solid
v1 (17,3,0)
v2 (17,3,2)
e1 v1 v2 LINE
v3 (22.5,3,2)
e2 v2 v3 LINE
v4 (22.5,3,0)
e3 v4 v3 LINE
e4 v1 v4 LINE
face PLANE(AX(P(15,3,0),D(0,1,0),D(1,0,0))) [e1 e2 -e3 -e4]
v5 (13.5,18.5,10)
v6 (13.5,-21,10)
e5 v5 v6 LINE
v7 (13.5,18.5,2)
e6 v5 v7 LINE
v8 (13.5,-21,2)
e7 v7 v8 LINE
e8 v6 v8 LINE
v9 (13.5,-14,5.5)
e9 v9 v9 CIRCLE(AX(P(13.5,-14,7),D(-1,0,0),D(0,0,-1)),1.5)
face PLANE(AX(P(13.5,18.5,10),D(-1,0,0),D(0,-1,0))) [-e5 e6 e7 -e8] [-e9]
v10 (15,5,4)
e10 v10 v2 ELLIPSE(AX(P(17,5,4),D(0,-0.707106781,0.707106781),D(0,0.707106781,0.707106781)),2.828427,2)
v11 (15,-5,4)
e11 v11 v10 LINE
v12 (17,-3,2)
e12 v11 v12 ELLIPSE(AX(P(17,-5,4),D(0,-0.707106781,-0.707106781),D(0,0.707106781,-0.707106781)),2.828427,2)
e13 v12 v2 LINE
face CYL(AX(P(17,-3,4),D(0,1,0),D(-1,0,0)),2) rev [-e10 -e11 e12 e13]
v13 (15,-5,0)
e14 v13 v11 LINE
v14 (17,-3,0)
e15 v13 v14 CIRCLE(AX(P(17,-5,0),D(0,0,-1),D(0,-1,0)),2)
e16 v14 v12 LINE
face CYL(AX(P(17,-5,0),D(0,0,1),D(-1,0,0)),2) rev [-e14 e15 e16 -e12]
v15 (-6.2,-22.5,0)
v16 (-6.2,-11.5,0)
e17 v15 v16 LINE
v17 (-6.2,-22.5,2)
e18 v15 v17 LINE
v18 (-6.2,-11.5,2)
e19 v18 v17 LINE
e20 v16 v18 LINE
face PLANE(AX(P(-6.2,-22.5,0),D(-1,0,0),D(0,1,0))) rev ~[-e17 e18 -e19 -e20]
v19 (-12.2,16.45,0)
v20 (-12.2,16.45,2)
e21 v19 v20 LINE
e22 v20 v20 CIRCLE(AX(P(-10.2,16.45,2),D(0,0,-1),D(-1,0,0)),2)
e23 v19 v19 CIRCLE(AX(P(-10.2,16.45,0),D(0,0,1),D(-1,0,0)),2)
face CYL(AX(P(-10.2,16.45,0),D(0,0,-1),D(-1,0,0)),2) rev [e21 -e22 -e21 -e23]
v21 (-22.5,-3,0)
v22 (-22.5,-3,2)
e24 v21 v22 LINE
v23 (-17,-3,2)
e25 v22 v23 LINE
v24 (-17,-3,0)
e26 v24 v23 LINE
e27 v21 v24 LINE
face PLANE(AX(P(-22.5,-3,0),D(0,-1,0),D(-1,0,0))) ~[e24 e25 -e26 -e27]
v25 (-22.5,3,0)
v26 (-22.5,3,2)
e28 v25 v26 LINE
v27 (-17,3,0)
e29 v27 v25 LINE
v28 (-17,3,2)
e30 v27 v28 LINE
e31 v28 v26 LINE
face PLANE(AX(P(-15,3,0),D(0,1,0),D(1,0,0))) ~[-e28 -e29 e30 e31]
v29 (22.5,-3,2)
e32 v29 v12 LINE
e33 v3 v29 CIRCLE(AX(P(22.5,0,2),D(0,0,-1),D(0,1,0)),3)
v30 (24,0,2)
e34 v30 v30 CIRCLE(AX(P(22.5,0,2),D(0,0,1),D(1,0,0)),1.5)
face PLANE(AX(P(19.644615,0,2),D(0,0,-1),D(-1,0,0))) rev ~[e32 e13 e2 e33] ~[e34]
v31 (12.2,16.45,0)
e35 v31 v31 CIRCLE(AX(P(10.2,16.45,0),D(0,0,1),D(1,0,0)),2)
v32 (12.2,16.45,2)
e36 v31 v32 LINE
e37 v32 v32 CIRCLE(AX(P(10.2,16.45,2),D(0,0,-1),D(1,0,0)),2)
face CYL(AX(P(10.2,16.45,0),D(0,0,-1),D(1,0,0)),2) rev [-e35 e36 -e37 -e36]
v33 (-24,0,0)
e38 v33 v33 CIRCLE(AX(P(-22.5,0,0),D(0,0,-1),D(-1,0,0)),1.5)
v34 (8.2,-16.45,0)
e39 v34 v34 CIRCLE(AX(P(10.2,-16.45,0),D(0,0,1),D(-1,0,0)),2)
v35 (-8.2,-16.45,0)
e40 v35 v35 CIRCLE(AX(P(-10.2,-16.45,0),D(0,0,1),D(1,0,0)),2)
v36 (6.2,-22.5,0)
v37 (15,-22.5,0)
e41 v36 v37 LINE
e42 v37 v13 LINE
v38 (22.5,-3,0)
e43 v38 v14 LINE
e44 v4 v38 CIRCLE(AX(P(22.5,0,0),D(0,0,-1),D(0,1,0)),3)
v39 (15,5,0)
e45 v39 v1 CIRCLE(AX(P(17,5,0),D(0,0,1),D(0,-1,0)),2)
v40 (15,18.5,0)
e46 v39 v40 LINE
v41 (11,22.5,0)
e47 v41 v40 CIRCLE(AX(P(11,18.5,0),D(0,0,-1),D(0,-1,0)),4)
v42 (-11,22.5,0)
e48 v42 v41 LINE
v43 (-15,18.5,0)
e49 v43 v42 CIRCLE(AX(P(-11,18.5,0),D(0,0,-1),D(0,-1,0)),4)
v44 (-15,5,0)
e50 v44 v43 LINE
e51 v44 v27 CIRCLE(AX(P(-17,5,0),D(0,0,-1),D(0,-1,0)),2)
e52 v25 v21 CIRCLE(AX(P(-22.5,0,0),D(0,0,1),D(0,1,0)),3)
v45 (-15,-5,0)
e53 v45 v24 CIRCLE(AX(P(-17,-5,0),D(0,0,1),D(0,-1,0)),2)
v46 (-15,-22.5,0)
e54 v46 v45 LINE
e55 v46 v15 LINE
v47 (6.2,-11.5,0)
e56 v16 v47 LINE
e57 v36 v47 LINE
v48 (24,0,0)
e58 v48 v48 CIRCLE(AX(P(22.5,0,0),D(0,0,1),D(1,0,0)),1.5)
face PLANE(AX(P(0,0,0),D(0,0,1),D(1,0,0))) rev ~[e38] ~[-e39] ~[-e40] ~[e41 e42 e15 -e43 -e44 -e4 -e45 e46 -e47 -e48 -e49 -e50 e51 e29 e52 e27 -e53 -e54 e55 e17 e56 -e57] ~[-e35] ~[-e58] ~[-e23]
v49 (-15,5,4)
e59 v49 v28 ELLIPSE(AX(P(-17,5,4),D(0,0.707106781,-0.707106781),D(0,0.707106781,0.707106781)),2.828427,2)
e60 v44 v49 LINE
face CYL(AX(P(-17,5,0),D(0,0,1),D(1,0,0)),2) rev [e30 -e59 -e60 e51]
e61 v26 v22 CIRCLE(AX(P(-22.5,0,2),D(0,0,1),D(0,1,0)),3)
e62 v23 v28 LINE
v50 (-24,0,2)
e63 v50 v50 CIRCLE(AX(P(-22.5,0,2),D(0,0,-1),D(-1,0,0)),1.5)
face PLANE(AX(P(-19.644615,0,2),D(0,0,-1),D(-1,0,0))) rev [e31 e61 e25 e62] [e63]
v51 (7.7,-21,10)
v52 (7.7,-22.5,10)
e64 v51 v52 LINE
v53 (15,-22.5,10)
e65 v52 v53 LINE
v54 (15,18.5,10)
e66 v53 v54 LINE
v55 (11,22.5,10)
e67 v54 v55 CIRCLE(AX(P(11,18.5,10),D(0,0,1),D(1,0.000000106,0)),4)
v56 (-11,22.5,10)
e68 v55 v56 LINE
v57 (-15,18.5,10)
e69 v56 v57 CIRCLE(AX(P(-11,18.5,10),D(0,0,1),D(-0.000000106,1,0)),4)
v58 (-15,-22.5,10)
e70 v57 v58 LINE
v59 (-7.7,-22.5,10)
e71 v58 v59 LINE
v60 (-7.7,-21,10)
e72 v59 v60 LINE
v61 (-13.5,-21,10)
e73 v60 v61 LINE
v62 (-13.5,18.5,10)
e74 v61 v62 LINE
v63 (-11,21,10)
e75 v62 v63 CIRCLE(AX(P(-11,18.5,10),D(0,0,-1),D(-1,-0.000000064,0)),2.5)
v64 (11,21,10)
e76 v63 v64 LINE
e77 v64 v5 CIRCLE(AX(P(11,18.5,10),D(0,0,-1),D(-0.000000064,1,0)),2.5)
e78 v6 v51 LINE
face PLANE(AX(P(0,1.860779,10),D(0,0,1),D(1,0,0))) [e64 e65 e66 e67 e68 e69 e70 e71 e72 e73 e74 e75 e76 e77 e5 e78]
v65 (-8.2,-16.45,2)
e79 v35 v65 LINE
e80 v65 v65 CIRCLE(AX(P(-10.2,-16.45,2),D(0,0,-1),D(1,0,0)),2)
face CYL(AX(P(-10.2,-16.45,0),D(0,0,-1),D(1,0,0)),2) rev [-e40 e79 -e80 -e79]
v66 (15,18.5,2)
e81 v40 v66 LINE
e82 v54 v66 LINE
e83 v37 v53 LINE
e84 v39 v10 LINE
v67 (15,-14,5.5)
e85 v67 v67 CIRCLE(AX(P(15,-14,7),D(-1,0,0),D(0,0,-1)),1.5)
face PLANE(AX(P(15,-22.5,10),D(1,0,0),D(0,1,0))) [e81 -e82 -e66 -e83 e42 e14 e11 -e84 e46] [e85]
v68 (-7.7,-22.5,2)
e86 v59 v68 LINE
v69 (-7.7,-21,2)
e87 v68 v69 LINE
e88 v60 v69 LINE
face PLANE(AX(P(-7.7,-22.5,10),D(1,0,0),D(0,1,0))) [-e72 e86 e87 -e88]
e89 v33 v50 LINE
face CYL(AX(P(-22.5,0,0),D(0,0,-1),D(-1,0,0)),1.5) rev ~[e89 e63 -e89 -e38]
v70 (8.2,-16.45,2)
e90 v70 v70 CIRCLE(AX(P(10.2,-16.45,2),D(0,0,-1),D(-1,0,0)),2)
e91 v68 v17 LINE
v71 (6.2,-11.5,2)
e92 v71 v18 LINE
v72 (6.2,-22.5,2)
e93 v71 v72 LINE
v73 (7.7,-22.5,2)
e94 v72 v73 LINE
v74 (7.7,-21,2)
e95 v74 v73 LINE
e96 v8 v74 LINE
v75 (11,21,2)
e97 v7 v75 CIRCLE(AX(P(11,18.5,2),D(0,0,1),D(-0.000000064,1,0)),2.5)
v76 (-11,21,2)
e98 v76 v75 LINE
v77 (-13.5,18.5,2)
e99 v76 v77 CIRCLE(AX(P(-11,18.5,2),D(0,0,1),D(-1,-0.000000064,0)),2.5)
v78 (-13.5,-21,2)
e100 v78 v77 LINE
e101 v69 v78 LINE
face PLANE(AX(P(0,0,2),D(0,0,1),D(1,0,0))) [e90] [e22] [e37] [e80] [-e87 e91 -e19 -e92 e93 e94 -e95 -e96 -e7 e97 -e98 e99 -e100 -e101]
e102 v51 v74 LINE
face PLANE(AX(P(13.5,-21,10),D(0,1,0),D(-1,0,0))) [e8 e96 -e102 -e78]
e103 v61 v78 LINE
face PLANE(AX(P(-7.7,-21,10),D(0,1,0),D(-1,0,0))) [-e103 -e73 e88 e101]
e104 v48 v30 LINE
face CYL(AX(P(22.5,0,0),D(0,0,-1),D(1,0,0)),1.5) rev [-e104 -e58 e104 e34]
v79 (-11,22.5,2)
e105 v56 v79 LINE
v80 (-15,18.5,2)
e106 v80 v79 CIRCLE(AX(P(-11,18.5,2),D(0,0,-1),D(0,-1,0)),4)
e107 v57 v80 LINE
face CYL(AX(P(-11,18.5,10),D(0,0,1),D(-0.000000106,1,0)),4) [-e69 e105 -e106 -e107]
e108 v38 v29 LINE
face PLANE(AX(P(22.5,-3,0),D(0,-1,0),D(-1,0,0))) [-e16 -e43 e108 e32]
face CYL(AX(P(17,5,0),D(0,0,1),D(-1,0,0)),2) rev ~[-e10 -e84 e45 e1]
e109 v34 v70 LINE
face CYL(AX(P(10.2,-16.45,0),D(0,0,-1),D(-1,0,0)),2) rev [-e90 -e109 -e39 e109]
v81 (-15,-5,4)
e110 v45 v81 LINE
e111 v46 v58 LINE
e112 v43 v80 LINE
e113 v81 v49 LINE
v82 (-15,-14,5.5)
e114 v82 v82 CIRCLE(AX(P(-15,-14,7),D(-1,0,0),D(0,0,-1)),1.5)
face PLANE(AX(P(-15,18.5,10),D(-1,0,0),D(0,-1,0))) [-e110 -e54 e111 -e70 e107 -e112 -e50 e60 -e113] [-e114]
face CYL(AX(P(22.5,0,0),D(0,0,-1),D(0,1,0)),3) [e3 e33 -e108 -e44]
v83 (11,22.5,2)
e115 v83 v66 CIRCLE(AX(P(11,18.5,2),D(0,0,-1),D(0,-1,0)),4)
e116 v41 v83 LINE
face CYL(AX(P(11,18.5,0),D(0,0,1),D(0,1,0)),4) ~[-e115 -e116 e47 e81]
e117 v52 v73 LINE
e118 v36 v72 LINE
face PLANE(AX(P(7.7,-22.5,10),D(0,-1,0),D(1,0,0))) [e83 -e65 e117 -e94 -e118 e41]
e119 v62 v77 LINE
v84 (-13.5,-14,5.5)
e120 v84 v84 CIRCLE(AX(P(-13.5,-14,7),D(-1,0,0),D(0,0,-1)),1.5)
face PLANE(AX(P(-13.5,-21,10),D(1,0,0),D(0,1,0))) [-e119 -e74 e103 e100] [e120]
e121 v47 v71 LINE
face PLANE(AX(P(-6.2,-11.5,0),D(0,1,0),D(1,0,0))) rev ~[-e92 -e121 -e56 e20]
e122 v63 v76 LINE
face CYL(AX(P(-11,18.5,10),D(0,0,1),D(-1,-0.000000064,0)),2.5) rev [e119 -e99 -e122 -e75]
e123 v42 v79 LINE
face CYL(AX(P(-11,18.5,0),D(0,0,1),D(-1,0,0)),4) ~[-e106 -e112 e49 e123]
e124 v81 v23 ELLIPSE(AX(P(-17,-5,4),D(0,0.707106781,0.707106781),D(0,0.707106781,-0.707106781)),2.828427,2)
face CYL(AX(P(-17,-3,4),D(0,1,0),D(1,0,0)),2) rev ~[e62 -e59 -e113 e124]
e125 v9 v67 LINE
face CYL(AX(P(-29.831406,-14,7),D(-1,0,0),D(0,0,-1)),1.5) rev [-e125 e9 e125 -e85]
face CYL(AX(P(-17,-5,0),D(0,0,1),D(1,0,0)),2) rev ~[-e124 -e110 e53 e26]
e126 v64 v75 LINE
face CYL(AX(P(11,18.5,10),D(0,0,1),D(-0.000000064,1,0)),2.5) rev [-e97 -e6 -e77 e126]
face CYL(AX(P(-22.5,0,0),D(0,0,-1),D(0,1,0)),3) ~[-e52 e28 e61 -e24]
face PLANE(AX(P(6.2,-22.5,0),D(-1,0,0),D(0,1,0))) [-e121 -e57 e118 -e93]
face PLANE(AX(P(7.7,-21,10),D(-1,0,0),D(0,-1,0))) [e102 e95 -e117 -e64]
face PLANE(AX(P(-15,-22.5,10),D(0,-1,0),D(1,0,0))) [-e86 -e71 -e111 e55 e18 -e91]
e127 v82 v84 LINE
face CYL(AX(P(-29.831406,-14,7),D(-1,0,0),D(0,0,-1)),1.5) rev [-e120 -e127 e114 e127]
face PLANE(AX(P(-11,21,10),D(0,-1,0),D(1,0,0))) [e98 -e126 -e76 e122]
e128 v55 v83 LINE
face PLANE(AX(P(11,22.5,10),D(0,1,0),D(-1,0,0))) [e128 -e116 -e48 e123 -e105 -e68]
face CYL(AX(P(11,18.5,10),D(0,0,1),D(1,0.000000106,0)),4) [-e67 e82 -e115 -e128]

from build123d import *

# Parameters (mm, degrees)
ESQUISSE1_W                  = 30
ESQUISSE1_H                  = 45
BOSS_EXTRU_1_DEPTH           = 2
ESQUISSE3_R                  = 2
ESQUISSE3_W                  = 12.4
ESQUISSE3_H                  = 11
ENL_V_MAT_EXTRU_1_DEPTH      = 28.115494
CONG_1_R                     = 4
BOSS_EXTRU_2_START           = 10
BOSS_EXTRU_2_DEPTH           = 10
ENL_V_MAT_EXTRU_2_DEPTH      = 29.831406
ENL_V_MAT_EXTRU_2_DEPTH_BACK = 29.831406
ESQUISSE7_R                  = 1.5
ESQUISSE10_R                 = 1.5
BOSS_EXTRU_3_DEPTH           = 2
CONG_2_R                     = 2
CONG_3_R                     = 2


with BuildPart() as part:
    # Esquisse1 → Boss.-Extru.1 (new body)
    with BuildSketch(Plane.XY):
        Rectangle(ESQUISSE1_W, ESQUISSE1_H)
    extrude(amount=BOSS_EXTRU_1_DEPTH)

    # Esquisse3 → Enlèv. mat.-Extru.1 (cut, through all)
    with BuildSketch(Plane.XY):
        with Locations((10.2, 16.45)):
            Circle(ESQUISSE3_R)
        with Locations(Location((-10.2, 16.45, 0), (0, 0, 180))):
            Circle(ESQUISSE3_R)
        with Locations((-10.2, -16.45)):
            Circle(ESQUISSE3_R)
        with Locations(Location((10.2, -16.45, 0), (0, 0, 180))):
            Circle(ESQUISSE3_R)
        with Locations((0, -17)):
            Rectangle(ESQUISSE3_W, ESQUISSE3_H)
    extrude(amount=ENL_V_MAT_EXTRU_1_DEPTH, mode=Mode.SUBTRACT)

    # Congé1
    cong_1_edges = [part.edges().sort_by_distance(p)[0] for p in [
        (-15, 22.5, 1),
        (15, 22.5, 1),
    ]]
    fillet(cong_1_edges, radius=CONG_1_R)

    # Esquisse6 → Boss.-Extru.2 (add)
    with BuildSketch(Plane.XY.offset(BOSS_EXTRU_2_START)):
        with BuildLine():
            Line((7.7, -21), (7.7, -22.5))
            Line((7.7, -22.5), (15, -22.5))
            Line((15, -22.5), (15, 18.5))
            ThreePointArc((15, 18.5), (13.828427, 21.328427), (11, 22.5))
            Line((11, 22.5), (-11, 22.5))
            ThreePointArc((-11, 22.5), (-13.828427, 21.328427), (-15, 18.5))
            Line((-15, 18.5), (-15, -22.5))
            Line((-15, -22.5), (-7.7, -22.5))
            Line((-7.7, -22.5), (-7.7, -21))
            Line((-7.7, -21), (-13.5, -21))
            Line((-13.5, -21), (-13.5, 18.5))
            ThreePointArc((-13.5, 18.5), (-12.767767, 20.267767), (-11, 21))
            Line((-11, 21), (11, 21))
            ThreePointArc((11, 21), (12.767767, 20.267767), (13.5, 18.5))
            Line((13.5, 18.5), (13.5, -21))
            Line((13.5, -21), (7.7, -21))
        make_face()
    extrude(amount=-BOSS_EXTRU_2_DEPTH)

    # Esquisse7 → Enlèv. mat.-Extru.2 (cut, two sides: drawn at the far end of the back side and taken through both)
    with BuildSketch(Plane(origin=(0, 0, 0), x_dir=(0, 0, -1), z_dir=(1, 0, 0)).offset(-ENL_V_MAT_EXTRU_2_DEPTH_BACK)):
        with Locations((-7, -14)):
            Circle(ESQUISSE7_R)
    extrude(amount=ENL_V_MAT_EXTRU_2_DEPTH + ENL_V_MAT_EXTRU_2_DEPTH_BACK, mode=Mode.SUBTRACT)

    # Esquisse10 → Boss.-Extru.3 (add)
    with BuildSketch(Plane.XY):
        with BuildLine():
            Line((15, 3), (22.5, 3))
            ThreePointArc((22.5, 3), (25.5, 0), (22.5, -3))
            Line((22.5, -3), (15, -3))
            Line((15, -3), (15, 3))
        make_face()
        with Locations((22.5, 0)):
            Circle(ESQUISSE10_R, mode=Mode.SUBTRACT)
    boss_extru_3 = extrude(amount=BOSS_EXTRU_3_DEPTH)

    # Congé2
    cong_2_edges = [part.edges().sort_by_distance(p)[0] for p in [
        (15, 0, 2),
        (15, 3, 1),
        (15, -3, 1),
    ]]
    fillet(cong_2_edges, radius=CONG_2_R)

    # Symétrie2: Boss.-Extru.3 across plane
    add(boss_extru_3.mirror(Plane(origin=(0, 0, 0), x_dir=(0, 0, 1), z_dir=(1, 0, 0))))

    # Congé3
    cong_3_edges = [part.edges().sort_by_distance(p)[0] for p in [
        (-15, 0, 2),
        (-15, -3, 1),
        (-15, 3, 1),
    ]]
    fillet(cong_3_edges, radius=CONG_3_R)


solid = part.part
